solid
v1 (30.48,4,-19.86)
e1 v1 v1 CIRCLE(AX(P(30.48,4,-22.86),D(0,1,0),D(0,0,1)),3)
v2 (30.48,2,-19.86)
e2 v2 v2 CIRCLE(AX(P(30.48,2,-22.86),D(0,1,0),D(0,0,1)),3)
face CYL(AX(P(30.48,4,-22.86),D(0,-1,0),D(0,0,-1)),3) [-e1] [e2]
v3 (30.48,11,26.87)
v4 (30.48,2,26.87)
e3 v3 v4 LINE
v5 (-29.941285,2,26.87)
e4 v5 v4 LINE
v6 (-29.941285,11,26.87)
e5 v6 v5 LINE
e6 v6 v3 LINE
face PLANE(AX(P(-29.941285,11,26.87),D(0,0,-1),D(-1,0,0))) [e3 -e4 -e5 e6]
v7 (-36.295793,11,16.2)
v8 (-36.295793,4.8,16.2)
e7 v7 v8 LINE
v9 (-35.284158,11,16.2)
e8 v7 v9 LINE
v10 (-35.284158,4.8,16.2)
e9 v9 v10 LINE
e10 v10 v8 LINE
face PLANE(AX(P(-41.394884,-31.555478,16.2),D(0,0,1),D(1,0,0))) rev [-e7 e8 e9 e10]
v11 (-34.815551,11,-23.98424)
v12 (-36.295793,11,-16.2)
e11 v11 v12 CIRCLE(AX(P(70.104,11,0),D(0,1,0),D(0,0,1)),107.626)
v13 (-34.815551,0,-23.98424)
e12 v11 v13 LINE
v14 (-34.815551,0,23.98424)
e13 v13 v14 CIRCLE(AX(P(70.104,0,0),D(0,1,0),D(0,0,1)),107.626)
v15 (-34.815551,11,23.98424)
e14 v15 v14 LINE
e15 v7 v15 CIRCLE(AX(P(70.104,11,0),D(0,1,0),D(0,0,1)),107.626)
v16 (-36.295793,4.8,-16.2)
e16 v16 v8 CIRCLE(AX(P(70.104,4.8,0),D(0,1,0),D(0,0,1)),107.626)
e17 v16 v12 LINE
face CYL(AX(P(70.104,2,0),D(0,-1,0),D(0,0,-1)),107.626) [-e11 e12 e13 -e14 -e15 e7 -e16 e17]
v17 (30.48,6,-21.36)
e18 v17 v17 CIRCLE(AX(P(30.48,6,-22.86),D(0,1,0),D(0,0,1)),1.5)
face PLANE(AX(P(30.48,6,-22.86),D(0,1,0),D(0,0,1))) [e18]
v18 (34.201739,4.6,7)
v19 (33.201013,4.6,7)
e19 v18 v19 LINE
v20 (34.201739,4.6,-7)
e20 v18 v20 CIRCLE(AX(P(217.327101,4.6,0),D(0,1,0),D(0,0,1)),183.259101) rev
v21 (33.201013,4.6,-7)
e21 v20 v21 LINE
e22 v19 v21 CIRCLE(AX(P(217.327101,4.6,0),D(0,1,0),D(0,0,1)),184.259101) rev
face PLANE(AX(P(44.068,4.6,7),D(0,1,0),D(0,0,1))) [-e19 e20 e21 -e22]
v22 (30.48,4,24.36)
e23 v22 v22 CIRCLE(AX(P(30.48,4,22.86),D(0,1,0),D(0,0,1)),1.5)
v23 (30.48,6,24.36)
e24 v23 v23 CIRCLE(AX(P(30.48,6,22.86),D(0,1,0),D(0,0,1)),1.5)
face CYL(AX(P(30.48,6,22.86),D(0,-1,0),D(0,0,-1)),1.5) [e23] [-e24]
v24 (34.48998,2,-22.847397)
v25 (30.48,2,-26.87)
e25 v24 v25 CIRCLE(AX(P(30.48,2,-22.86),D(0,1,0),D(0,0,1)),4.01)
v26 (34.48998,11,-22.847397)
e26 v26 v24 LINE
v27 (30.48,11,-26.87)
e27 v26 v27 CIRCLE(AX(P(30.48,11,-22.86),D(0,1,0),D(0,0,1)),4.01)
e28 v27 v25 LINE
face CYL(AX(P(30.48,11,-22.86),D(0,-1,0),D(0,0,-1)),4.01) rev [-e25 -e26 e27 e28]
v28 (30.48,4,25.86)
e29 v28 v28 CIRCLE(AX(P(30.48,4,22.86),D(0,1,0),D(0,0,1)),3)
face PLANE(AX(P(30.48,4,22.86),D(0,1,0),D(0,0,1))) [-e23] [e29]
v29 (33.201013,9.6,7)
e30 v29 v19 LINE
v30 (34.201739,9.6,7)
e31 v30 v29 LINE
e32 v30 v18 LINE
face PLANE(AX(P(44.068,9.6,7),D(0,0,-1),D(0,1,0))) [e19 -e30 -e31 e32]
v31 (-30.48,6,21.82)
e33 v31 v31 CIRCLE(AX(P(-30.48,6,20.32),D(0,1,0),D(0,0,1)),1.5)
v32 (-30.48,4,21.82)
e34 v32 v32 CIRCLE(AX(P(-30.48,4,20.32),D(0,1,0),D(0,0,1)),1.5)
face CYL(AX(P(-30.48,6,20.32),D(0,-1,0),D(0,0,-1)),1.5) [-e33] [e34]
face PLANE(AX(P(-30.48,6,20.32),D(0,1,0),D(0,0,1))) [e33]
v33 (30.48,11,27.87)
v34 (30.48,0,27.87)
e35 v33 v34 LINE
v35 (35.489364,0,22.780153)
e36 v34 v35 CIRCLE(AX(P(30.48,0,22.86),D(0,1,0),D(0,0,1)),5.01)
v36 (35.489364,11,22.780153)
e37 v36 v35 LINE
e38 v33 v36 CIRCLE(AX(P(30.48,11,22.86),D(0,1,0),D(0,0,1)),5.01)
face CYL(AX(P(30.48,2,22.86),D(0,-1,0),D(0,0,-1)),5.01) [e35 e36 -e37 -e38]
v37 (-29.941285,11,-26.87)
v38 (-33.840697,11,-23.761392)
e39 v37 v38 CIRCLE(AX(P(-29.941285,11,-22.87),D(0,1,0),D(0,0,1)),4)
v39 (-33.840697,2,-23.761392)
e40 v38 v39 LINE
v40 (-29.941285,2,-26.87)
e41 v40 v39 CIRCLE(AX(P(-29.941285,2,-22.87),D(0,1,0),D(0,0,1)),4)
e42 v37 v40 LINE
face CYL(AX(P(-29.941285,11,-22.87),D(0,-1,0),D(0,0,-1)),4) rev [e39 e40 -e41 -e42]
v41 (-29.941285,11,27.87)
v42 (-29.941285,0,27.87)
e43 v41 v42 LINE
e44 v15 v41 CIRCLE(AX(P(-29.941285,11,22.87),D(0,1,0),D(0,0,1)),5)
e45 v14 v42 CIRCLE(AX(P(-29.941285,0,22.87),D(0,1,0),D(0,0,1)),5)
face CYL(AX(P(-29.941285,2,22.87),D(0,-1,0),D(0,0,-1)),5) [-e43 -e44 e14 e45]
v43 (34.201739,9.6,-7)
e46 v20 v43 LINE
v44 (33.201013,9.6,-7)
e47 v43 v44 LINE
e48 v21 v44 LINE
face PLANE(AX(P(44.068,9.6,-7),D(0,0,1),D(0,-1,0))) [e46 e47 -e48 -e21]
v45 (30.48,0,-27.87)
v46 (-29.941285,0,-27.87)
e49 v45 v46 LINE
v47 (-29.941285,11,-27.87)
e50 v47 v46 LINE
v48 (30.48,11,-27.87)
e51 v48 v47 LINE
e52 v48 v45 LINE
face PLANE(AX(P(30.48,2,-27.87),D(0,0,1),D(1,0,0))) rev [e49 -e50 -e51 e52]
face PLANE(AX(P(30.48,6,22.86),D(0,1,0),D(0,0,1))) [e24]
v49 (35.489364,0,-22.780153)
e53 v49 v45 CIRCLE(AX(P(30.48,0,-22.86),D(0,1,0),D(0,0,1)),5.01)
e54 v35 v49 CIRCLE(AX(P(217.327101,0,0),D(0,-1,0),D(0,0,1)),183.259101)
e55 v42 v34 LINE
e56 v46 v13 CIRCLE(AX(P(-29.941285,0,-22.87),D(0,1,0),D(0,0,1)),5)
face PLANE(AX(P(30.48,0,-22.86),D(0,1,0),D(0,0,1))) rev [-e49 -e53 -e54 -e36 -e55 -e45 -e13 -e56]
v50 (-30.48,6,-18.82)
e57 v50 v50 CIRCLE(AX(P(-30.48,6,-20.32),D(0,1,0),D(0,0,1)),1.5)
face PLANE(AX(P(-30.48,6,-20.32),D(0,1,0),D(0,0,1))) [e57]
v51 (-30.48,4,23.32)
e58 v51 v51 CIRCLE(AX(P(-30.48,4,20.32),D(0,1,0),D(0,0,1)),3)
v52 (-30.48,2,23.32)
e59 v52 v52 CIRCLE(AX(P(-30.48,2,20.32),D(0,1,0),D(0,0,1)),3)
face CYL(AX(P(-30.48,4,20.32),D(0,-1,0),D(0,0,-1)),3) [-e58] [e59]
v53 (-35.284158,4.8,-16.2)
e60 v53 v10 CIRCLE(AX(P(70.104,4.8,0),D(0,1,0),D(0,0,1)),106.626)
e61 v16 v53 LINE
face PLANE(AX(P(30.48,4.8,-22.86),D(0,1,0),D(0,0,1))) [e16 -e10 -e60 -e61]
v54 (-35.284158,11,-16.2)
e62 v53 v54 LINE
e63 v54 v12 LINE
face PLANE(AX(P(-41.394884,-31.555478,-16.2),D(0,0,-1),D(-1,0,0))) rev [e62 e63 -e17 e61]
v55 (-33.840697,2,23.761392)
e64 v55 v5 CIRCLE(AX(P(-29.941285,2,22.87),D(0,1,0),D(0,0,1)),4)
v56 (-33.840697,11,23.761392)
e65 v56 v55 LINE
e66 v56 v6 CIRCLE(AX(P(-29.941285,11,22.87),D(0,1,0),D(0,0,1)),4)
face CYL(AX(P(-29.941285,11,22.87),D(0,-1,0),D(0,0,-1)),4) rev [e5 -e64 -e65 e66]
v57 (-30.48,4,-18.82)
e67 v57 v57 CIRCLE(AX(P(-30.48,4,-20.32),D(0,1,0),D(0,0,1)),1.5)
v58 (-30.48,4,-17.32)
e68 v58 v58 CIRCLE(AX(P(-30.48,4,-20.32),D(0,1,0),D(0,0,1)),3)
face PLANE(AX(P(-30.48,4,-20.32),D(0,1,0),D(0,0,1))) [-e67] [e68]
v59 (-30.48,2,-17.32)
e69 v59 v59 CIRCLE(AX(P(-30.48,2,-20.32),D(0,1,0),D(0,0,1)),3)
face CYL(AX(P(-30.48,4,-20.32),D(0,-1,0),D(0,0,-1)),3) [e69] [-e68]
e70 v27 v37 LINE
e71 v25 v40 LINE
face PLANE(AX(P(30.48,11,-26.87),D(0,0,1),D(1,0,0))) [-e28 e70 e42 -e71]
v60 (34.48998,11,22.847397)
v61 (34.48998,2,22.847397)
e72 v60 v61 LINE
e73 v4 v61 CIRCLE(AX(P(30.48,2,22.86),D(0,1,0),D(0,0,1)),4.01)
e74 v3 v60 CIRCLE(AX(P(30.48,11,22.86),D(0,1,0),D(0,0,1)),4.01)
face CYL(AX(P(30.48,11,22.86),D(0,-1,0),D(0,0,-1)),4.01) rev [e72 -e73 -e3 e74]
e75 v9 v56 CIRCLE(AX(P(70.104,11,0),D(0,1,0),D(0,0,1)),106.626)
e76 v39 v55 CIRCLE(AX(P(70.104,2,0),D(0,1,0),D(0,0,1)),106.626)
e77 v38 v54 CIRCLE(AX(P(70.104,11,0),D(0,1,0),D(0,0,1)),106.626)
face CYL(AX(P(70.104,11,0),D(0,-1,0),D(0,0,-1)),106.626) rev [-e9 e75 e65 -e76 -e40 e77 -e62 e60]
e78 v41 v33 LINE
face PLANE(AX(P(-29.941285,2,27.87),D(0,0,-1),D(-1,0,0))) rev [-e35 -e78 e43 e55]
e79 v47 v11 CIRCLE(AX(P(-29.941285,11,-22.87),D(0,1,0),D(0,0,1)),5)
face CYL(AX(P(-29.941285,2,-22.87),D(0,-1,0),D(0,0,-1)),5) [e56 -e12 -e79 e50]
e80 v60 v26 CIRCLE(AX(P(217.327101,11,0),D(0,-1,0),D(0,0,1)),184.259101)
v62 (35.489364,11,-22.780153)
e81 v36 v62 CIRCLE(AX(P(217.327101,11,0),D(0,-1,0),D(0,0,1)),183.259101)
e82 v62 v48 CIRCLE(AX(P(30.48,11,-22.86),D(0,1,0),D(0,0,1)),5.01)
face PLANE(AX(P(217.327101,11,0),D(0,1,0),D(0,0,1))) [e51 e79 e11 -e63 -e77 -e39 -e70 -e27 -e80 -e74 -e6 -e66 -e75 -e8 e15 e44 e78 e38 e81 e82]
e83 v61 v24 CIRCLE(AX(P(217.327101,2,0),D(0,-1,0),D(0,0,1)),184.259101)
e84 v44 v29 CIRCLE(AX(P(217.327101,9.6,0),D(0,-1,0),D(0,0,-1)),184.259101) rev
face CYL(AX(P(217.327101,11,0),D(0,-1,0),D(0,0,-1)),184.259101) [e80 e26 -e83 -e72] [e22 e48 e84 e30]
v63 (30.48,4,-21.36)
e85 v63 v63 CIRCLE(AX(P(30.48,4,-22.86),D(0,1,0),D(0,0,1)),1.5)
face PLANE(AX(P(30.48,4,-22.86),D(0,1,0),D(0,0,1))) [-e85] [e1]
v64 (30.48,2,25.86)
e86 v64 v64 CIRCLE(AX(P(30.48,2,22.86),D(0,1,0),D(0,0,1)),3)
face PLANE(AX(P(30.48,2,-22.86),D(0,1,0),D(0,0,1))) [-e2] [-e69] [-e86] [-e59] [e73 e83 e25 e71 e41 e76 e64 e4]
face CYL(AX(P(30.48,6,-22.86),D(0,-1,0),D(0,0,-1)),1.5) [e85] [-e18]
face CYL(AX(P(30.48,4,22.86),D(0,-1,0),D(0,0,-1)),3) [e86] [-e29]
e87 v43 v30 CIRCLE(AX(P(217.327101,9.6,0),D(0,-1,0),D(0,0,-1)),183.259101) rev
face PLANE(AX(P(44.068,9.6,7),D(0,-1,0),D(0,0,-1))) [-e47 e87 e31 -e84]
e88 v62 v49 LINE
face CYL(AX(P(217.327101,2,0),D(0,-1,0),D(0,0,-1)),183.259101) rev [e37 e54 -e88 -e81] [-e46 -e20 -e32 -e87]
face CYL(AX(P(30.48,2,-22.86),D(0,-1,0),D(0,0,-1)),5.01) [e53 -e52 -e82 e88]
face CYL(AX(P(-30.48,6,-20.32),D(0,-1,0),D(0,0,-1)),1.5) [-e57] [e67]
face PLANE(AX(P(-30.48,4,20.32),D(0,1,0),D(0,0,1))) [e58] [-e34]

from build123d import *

# Parameters (mm, degrees)
BOSS_EXTRUDE7_DEPTH     = 2
SKETCH8_R               = 3
BOSS_EXTRUDE8_DEPTH     = 2
SKETCH9_R               = 1.5
BOSS_EXTRUDE9_DEPTH     = 2
BOSS_EXTRUDE10_DEPTH    = 9
SKETCH12_W              = 14
SKETCH12_H              = 5
CUT_EXTRUDE5_DEPTH      = 10
CUT_EXTRUDE5_DEPTH_BACK = 10
SKETCH13_W              = 8.729840012
SKETCH13_H              = 32.4
CUT_EXTRUDE6_DEPTH      = 6.2


with BuildPart() as part:
    # Sketch7 → Boss-Extrude7 (new body)
    with BuildSketch(Plane(origin=(0, 0, 0), x_dir=(1, 0, 0), z_dir=(0, 1, 0))):
        with BuildLine():
            Line((30.48, 27.87), (-29.941284627, 27.87))
            ThreePointArc((-29.941284627, 27.87), (-33.058077828, 26.779680312), (-34.815550633, 23.984240056))
            ThreePointArc((-34.815550633, 23.984240056), (-37.522, 0), (-34.815550633, -23.984240056))
            ThreePointArc((-34.815550633, -23.984240056), (-33.058077828, -26.779680312), (-29.941284627, -27.87))
            Line((-29.941284627, -27.87), (30.48, -27.87))
            ThreePointArc((30.48, -27.87), (34.050723427, -26.374261545), (35.489363684, -22.780153375))
            ThreePointArc((35.489363684, -22.780153375), (34.068, 0), (35.489363684, 22.780153375))
            ThreePointArc((35.489363684, 22.780153375), (34.050723427, 26.374261545), (30.48, 27.87))
        make_face()
    extrude(amount=BOSS_EXTRUDE7_DEPTH)

    # Sketch8 → Boss-Extrude8 (add)
    with BuildSketch(Plane(origin=(0, 2, 0), x_dir=(1, 0, 0), z_dir=(0, 1, 0))):
        with Locations((-30.48, 20.32)):
            Circle(SKETCH8_R)
        with Locations((-30.48, -20.32)):
            Circle(SKETCH8_R)
        with Locations((30.48, -22.86)):
            Circle(SKETCH8_R)
        with Locations((30.48, 22.86)):
            Circle(SKETCH8_R)
    extrude(amount=BOSS_EXTRUDE8_DEPTH)

    # Sketch9 → Boss-Extrude9 (add)
    with BuildSketch(Plane(origin=(0, 4, 0), x_dir=(1, 0, 0), z_dir=(0, 1, 0))):
        with Locations((-30.48, 20.32)):
            Circle(SKETCH9_R)
        with Locations((30.48, 22.86)):
            Circle(SKETCH9_R)
        with Locations((30.48, -22.86)):
            Circle(SKETCH9_R)
        with Locations((-30.48, -20.32)):
            Circle(SKETCH9_R)
    extrude(amount=BOSS_EXTRUDE9_DEPTH)

    # Sketch10 → Boss-Extrude10 (add)
    with BuildSketch(Plane(origin=(0, 2, 0), x_dir=(1, 0, 0), z_dir=(0, 1, 0))):
        with BuildLine():
            Line((30.48, 27.87), (-29.941284627, 27.87))
            ThreePointArc((-29.941284627, 27.87), (-33.058077828, 26.779680312), (-34.815550633, 23.984240056))
            ThreePointArc((-34.815550633, 23.984240056), (-37.522, 0), (-34.815550633, -23.984240056))
            ThreePointArc((-34.815550633, -23.984240056), (-33.058077828, -26.779680312), (-29.941284627, -27.87))
            Line((-29.941284627, -27.87), (30.48, -27.87))
            ThreePointArc((30.48, -27.87), (34.050723427, -26.374261545), (35.489363684, -22.780153375))
            ThreePointArc((35.489363684, -22.780153375), (34.068, 0), (35.489363684, 22.780153375))
            ThreePointArc((35.489363684, 22.780153375), (34.050723427, 26.374261545), (30.48, 27.87))
        make_face()
        with BuildLine():
            Line((-29.941284627, -26.87), (30.48, -26.87))
            ThreePointArc((30.48, -26.87), (33.319950466, -25.691038917), (34.489980196, -22.847397183))
            ThreePointArc((34.489980196, -22.847397183), (33.068, 0), (34.489980196, 22.847397183))
            ThreePointArc((34.489980196, 22.847397183), (33.319950466, 25.691038917), (30.48, 26.87))
            Line((30.48, 26.87), (-29.941284627, 26.87))
            ThreePointArc((-29.941284627, 26.87), (-32.434719188, 25.997744249), (-33.840697431, 23.761392045))
            ThreePointArc((-33.840697431, 23.761392045), (-36.522, 0), (-33.840697431, -23.761392045))
            ThreePointArc((-33.840697431, -23.761392045), (-32.434719188, -25.997744249), (-29.941284627, -26.87))
        make_face(mode=Mode.SUBTRACT)
    extrude(amount=BOSS_EXTRUDE10_DEPTH)

    # Sketch12 → Cut-Extrude5 (cut, two sides)
    with BuildSketch(Plane(origin=(34.068, 0, 0), x_dir=(0, 0, -1), z_dir=(1, 0, 0))) as cut_extrude5_sk:
        with Locations((0, 7.1)):
            Rectangle(SKETCH12_W, SKETCH12_H)
    extrude(amount=CUT_EXTRUDE5_DEPTH, mode=Mode.SUBTRACT)
    extrude(cut_extrude5_sk.sketch, amount=-CUT_EXTRUDE5_DEPTH_BACK, mode=Mode.SUBTRACT)

    # Sketch13 → Cut-Extrude6 (cut)
    with BuildSketch(Plane(origin=(0, 11, 0), x_dir=(1, 0, 0), z_dir=(0, 1, 0))):
        with Locations((-37.029964161, 0)):
            Rectangle(SKETCH13_W, SKETCH13_H)
    extrude(amount=-CUT_EXTRUDE6_DEPTH, mode=Mode.SUBTRACT)


solid = part.part
